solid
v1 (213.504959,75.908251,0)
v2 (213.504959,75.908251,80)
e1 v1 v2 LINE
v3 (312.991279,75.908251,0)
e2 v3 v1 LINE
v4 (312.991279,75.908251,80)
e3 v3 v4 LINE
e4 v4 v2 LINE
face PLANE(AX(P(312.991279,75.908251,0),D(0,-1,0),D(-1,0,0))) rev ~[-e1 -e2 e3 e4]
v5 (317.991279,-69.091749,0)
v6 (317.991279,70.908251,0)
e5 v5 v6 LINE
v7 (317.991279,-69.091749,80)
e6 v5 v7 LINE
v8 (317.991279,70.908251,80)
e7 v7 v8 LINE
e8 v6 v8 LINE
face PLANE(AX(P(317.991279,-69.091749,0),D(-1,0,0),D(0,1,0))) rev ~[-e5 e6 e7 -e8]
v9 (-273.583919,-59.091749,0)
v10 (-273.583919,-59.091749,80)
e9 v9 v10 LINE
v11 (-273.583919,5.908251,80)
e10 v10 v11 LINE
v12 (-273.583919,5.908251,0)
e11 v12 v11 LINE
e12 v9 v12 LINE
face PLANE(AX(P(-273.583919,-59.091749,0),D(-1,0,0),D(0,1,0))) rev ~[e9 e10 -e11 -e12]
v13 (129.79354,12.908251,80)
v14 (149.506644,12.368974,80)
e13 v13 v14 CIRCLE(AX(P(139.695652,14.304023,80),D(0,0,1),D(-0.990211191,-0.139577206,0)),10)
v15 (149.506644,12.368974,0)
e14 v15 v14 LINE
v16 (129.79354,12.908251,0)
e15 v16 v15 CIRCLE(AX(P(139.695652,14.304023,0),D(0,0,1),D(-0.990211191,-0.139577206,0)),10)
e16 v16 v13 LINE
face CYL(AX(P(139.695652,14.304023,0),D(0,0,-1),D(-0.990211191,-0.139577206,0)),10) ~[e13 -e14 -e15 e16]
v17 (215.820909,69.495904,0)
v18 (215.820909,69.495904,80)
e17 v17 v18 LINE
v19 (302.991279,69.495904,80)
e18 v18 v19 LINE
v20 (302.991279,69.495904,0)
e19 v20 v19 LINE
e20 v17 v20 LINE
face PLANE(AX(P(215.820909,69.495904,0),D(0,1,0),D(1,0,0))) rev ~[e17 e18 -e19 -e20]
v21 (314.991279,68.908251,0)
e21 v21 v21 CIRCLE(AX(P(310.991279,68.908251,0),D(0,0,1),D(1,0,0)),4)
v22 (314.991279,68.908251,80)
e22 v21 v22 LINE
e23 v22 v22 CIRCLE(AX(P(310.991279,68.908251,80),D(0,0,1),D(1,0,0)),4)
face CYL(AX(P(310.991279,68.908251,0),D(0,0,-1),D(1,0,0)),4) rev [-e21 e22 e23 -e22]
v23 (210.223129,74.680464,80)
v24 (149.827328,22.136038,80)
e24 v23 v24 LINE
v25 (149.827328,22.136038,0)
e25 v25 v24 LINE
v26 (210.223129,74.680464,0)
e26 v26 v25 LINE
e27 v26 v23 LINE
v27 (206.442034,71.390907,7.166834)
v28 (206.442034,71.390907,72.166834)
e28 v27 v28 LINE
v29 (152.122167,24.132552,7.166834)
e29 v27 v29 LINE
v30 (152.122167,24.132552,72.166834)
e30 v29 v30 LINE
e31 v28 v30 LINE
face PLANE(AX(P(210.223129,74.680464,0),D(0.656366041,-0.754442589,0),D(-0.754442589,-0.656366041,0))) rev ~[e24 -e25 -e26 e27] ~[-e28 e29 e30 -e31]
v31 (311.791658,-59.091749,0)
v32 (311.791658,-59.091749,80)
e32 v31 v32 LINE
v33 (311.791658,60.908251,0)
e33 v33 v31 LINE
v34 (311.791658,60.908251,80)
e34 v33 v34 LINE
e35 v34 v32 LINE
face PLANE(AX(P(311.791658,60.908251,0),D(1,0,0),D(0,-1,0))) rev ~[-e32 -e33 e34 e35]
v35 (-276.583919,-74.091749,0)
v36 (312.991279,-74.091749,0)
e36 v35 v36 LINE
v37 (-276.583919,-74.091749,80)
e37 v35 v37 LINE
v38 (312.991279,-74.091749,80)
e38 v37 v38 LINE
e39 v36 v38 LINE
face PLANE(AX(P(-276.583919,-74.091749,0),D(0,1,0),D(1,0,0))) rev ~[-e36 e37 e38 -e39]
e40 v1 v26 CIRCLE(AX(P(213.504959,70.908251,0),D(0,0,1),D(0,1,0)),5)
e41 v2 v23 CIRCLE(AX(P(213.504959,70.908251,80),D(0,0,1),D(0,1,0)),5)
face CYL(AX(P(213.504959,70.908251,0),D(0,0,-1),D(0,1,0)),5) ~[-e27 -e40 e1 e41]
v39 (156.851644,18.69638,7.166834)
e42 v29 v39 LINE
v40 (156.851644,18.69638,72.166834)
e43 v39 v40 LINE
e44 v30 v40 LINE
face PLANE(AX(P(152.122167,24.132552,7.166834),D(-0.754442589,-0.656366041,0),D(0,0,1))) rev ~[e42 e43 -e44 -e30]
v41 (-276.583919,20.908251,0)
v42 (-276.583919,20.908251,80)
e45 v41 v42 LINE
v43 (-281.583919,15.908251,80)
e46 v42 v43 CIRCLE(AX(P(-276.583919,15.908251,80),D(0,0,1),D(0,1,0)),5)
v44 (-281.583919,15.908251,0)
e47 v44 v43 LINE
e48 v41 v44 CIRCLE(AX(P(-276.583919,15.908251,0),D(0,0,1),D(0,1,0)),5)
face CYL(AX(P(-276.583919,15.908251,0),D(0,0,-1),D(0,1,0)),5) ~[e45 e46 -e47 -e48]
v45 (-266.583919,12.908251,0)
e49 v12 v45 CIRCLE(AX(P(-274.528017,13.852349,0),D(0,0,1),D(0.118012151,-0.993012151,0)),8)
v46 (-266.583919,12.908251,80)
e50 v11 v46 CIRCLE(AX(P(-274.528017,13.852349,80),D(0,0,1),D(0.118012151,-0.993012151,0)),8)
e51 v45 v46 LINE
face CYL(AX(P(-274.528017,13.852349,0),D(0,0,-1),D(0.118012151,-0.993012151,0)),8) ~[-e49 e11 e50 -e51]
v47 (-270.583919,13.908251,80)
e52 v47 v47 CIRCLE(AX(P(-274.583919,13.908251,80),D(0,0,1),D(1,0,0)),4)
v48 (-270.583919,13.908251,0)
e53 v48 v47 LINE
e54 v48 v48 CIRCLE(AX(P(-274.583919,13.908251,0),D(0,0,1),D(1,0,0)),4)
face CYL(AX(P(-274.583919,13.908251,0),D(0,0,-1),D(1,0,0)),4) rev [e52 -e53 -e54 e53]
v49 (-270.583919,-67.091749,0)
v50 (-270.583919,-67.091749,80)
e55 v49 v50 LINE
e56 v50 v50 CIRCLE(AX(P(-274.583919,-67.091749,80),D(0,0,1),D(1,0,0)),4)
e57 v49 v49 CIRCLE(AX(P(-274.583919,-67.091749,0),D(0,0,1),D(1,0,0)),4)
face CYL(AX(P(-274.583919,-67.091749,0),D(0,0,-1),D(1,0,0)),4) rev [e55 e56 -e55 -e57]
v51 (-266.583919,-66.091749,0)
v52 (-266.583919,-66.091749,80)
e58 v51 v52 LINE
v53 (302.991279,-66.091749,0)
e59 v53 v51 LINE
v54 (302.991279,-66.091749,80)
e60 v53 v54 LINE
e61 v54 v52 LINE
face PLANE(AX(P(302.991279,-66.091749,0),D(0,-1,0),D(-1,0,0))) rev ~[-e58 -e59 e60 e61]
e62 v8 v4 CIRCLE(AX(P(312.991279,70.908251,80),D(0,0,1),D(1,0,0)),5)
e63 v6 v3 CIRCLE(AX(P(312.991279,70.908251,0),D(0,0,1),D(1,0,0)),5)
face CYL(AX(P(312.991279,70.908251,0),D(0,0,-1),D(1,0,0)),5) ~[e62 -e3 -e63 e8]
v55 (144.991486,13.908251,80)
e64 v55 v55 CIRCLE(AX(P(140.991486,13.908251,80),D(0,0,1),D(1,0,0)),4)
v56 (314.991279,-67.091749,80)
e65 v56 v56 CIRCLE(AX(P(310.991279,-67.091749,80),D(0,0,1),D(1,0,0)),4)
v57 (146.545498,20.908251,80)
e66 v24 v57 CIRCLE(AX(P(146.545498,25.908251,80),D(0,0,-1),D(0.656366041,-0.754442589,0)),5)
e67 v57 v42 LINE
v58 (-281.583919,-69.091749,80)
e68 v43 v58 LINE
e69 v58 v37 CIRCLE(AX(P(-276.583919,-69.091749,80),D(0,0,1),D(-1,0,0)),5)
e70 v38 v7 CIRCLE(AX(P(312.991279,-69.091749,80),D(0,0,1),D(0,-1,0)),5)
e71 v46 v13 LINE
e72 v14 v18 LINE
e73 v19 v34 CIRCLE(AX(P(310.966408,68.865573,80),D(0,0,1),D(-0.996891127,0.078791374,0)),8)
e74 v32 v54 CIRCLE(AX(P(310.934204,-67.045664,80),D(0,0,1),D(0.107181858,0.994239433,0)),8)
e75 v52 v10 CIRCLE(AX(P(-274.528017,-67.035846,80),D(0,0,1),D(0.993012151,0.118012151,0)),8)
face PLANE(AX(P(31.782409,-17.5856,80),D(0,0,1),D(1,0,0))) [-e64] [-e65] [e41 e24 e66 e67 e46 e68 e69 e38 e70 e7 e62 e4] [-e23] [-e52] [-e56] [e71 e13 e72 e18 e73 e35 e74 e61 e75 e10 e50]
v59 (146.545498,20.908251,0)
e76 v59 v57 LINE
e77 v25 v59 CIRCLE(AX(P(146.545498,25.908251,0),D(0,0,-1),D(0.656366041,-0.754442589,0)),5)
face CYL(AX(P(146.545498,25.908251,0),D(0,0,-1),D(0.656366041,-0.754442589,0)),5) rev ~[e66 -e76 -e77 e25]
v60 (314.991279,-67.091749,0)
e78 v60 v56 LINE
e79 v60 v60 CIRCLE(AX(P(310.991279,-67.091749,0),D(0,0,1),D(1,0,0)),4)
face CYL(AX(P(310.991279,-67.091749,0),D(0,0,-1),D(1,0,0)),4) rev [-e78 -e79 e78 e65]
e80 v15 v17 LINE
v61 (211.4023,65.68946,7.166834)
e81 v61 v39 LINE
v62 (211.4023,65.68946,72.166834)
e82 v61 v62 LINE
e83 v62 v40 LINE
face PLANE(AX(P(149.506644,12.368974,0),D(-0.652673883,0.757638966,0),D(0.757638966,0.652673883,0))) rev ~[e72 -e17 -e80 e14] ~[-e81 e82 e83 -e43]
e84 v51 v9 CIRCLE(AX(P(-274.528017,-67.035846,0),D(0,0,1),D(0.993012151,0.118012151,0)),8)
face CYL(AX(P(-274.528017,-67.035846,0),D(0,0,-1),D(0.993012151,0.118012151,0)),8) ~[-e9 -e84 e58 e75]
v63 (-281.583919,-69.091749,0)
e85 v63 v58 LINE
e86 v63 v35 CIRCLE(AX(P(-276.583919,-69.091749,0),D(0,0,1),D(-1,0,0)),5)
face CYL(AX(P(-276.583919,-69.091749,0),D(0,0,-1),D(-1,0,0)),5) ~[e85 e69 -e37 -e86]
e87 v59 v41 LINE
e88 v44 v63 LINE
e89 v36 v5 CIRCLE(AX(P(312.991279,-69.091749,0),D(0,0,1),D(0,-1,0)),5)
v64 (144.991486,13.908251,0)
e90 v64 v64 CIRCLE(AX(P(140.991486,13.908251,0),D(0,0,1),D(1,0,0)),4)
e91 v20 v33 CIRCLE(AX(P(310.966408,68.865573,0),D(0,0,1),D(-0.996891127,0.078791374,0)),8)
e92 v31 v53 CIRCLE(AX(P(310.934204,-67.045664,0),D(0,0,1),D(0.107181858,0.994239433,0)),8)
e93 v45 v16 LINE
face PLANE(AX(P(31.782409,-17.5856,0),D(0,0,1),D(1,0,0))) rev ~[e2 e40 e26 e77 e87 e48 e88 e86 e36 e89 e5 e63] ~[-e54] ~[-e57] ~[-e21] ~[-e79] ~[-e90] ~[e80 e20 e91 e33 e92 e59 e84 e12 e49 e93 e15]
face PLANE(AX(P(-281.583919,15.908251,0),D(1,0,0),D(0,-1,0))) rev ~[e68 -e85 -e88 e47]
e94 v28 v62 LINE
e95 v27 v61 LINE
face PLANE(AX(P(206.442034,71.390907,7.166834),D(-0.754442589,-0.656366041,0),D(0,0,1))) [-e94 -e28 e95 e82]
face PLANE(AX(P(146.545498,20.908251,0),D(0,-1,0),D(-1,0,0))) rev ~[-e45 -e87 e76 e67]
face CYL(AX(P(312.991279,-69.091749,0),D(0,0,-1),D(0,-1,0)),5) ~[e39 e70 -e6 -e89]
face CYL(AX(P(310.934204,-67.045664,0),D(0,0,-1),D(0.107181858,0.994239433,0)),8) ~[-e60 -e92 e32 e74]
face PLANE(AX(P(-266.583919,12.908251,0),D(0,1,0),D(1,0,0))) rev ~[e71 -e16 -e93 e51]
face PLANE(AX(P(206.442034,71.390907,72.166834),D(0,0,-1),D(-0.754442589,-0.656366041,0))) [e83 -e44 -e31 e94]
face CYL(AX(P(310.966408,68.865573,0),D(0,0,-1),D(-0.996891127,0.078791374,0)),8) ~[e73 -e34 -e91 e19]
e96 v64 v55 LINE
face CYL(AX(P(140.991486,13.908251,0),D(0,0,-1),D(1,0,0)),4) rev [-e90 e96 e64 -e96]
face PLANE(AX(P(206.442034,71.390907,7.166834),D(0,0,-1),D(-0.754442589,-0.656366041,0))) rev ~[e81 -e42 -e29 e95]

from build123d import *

# Parameters (mm, degrees)
F0_R     = 4
F1_DEPTH = 80
F2_W     = 72
F2_H     = 65
F3_DEPTH = 7.5581648407


with BuildPart() as f1:
    # F0 (on Top) → F1 (new body)
    with BuildSketch(Plane.XY):
        with BuildLine():
            Line((312.9912793082, 75.9082514048), (213.5049590409, 75.9082514048))
            ThreePointArc((213.5049590409, 75.9082514048), (211.7529694182, 75.5912560345), (210.2231288352, 74.6804643496))
            Line((210.2231288352, 74.6804643496), (149.8273279867, 22.1360384599))
            ThreePointArc((149.8273279867, 22.1360384599), (148.2974874037, 21.225246775), (146.545497781, 20.9082514048))
            Line((146.545497781, 20.9082514048), (-276.5839193761, 20.9082514048))
            ThreePointArc((-276.5839193761, 20.9082514048), (-280.1194532821, 19.4437853107), (-281.5839193761, 15.9082514048))
            Line((-281.5839193761, 15.9082514048), (-281.5839193761, -69.0917485952))
            ThreePointArc((-281.5839193761, -69.0917485952), (-280.1194532821, -72.6272825012), (-276.5839193761, -74.0917485952))
            Line((-276.5839193761, -74.0917485952), (312.9912793082, -74.0917485952))
            ThreePointArc((312.9912793082, -74.0917485952), (316.5268132142, -72.6272825012), (317.9912793082, -69.0917485952))
            Line((317.9912793082, -69.0917485952), (317.9912793082, 70.9082514048))
            ThreePointArc((317.9912793082, 70.9082514048), (316.5268132142, 74.4437853107), (312.9912793082, 75.9082514048))
        make_face()
        with Locations((-274.5839193761, -67.0917485952)):
            Circle(F0_R, mode=Mode.SUBTRACT)
        with Locations((310.9912793082, -67.0917485952)):
            Circle(F0_R, mode=Mode.SUBTRACT)
        with Locations((-274.5839193761, 13.9082514048)):
            Circle(F0_R, mode=Mode.SUBTRACT)
        with BuildLine():
            Line((-273.5839193761, -59.0917485952), (-273.5839193761, 5.9082514048))
            ThreePointArc((-273.5839193761, 5.9082514048), (-268.8711623353, 8.1954943639), (-266.5839193761, 12.9082514048))
            Line((-266.5839193761, 12.9082514048), (-112.4131828547, 12.9082514048))
            Line((-112.4131828547, 12.9082514048), (129.7935396433, 12.9082514048))
            ThreePointArc((129.7935396433, 12.9082514048), (139.4221907616, 4.3077632055), (149.5066444733, 12.3689735962))
            Line((149.5066444733, 12.3689735962), (215.8209085464, 69.4959036966))
            Line((215.8209085464, 69.4959036966), (221.9247751874, 69.4959036966))
            Line((221.9247751874, 69.4959036966), (302.9912793082, 69.4959036966))
            ThreePointArc((302.9912793082, 69.4959036966), (305.379178673, 63.1399404445), (311.7916584015, 60.9082514048))
            Line((311.7916584015, 60.9082514048), (311.7916584015, -59.0917485952))
            ThreePointArc((311.7916584015, -59.0917485952), (305.9541464058, -60.7847511051), (302.9912793082, -66.0917485952))
            Line((302.9912793082, -66.0917485952), (-266.5839193761, -66.0917485952))
            ThreePointArc((-266.5839193761, -66.0917485952), (-268.8711623353, -61.3789915544), (-273.5839193761, -59.0917485952))
        make_face(mode=Mode.SUBTRACT)
        with Locations((140.9914862647, 13.9082514048)):
            Circle(F0_R, mode=Mode.SUBTRACT)
        with Locations((310.9912793082, 68.9082514048)):
            Circle(F0_R, mode=Mode.SUBTRACT)
    extrude(amount=F1_DEPTH)

    # F2 (on face) → F3 (cut, through all)
    with BuildSketch(Plane(origin=(53.5865112104, -61.5935982634, 0), x_dir=(-0.754442589, -0.6563660411, 0), z_dir=(-0.6563660411, 0.754442589, 0))):
        with Locations((-166.607229352, 39.6668340825)):
            Rectangle(F2_W, F2_H)
    extrude(amount=-F3_DEPTH, mode=Mode.SUBTRACT)


solid = f1.part
